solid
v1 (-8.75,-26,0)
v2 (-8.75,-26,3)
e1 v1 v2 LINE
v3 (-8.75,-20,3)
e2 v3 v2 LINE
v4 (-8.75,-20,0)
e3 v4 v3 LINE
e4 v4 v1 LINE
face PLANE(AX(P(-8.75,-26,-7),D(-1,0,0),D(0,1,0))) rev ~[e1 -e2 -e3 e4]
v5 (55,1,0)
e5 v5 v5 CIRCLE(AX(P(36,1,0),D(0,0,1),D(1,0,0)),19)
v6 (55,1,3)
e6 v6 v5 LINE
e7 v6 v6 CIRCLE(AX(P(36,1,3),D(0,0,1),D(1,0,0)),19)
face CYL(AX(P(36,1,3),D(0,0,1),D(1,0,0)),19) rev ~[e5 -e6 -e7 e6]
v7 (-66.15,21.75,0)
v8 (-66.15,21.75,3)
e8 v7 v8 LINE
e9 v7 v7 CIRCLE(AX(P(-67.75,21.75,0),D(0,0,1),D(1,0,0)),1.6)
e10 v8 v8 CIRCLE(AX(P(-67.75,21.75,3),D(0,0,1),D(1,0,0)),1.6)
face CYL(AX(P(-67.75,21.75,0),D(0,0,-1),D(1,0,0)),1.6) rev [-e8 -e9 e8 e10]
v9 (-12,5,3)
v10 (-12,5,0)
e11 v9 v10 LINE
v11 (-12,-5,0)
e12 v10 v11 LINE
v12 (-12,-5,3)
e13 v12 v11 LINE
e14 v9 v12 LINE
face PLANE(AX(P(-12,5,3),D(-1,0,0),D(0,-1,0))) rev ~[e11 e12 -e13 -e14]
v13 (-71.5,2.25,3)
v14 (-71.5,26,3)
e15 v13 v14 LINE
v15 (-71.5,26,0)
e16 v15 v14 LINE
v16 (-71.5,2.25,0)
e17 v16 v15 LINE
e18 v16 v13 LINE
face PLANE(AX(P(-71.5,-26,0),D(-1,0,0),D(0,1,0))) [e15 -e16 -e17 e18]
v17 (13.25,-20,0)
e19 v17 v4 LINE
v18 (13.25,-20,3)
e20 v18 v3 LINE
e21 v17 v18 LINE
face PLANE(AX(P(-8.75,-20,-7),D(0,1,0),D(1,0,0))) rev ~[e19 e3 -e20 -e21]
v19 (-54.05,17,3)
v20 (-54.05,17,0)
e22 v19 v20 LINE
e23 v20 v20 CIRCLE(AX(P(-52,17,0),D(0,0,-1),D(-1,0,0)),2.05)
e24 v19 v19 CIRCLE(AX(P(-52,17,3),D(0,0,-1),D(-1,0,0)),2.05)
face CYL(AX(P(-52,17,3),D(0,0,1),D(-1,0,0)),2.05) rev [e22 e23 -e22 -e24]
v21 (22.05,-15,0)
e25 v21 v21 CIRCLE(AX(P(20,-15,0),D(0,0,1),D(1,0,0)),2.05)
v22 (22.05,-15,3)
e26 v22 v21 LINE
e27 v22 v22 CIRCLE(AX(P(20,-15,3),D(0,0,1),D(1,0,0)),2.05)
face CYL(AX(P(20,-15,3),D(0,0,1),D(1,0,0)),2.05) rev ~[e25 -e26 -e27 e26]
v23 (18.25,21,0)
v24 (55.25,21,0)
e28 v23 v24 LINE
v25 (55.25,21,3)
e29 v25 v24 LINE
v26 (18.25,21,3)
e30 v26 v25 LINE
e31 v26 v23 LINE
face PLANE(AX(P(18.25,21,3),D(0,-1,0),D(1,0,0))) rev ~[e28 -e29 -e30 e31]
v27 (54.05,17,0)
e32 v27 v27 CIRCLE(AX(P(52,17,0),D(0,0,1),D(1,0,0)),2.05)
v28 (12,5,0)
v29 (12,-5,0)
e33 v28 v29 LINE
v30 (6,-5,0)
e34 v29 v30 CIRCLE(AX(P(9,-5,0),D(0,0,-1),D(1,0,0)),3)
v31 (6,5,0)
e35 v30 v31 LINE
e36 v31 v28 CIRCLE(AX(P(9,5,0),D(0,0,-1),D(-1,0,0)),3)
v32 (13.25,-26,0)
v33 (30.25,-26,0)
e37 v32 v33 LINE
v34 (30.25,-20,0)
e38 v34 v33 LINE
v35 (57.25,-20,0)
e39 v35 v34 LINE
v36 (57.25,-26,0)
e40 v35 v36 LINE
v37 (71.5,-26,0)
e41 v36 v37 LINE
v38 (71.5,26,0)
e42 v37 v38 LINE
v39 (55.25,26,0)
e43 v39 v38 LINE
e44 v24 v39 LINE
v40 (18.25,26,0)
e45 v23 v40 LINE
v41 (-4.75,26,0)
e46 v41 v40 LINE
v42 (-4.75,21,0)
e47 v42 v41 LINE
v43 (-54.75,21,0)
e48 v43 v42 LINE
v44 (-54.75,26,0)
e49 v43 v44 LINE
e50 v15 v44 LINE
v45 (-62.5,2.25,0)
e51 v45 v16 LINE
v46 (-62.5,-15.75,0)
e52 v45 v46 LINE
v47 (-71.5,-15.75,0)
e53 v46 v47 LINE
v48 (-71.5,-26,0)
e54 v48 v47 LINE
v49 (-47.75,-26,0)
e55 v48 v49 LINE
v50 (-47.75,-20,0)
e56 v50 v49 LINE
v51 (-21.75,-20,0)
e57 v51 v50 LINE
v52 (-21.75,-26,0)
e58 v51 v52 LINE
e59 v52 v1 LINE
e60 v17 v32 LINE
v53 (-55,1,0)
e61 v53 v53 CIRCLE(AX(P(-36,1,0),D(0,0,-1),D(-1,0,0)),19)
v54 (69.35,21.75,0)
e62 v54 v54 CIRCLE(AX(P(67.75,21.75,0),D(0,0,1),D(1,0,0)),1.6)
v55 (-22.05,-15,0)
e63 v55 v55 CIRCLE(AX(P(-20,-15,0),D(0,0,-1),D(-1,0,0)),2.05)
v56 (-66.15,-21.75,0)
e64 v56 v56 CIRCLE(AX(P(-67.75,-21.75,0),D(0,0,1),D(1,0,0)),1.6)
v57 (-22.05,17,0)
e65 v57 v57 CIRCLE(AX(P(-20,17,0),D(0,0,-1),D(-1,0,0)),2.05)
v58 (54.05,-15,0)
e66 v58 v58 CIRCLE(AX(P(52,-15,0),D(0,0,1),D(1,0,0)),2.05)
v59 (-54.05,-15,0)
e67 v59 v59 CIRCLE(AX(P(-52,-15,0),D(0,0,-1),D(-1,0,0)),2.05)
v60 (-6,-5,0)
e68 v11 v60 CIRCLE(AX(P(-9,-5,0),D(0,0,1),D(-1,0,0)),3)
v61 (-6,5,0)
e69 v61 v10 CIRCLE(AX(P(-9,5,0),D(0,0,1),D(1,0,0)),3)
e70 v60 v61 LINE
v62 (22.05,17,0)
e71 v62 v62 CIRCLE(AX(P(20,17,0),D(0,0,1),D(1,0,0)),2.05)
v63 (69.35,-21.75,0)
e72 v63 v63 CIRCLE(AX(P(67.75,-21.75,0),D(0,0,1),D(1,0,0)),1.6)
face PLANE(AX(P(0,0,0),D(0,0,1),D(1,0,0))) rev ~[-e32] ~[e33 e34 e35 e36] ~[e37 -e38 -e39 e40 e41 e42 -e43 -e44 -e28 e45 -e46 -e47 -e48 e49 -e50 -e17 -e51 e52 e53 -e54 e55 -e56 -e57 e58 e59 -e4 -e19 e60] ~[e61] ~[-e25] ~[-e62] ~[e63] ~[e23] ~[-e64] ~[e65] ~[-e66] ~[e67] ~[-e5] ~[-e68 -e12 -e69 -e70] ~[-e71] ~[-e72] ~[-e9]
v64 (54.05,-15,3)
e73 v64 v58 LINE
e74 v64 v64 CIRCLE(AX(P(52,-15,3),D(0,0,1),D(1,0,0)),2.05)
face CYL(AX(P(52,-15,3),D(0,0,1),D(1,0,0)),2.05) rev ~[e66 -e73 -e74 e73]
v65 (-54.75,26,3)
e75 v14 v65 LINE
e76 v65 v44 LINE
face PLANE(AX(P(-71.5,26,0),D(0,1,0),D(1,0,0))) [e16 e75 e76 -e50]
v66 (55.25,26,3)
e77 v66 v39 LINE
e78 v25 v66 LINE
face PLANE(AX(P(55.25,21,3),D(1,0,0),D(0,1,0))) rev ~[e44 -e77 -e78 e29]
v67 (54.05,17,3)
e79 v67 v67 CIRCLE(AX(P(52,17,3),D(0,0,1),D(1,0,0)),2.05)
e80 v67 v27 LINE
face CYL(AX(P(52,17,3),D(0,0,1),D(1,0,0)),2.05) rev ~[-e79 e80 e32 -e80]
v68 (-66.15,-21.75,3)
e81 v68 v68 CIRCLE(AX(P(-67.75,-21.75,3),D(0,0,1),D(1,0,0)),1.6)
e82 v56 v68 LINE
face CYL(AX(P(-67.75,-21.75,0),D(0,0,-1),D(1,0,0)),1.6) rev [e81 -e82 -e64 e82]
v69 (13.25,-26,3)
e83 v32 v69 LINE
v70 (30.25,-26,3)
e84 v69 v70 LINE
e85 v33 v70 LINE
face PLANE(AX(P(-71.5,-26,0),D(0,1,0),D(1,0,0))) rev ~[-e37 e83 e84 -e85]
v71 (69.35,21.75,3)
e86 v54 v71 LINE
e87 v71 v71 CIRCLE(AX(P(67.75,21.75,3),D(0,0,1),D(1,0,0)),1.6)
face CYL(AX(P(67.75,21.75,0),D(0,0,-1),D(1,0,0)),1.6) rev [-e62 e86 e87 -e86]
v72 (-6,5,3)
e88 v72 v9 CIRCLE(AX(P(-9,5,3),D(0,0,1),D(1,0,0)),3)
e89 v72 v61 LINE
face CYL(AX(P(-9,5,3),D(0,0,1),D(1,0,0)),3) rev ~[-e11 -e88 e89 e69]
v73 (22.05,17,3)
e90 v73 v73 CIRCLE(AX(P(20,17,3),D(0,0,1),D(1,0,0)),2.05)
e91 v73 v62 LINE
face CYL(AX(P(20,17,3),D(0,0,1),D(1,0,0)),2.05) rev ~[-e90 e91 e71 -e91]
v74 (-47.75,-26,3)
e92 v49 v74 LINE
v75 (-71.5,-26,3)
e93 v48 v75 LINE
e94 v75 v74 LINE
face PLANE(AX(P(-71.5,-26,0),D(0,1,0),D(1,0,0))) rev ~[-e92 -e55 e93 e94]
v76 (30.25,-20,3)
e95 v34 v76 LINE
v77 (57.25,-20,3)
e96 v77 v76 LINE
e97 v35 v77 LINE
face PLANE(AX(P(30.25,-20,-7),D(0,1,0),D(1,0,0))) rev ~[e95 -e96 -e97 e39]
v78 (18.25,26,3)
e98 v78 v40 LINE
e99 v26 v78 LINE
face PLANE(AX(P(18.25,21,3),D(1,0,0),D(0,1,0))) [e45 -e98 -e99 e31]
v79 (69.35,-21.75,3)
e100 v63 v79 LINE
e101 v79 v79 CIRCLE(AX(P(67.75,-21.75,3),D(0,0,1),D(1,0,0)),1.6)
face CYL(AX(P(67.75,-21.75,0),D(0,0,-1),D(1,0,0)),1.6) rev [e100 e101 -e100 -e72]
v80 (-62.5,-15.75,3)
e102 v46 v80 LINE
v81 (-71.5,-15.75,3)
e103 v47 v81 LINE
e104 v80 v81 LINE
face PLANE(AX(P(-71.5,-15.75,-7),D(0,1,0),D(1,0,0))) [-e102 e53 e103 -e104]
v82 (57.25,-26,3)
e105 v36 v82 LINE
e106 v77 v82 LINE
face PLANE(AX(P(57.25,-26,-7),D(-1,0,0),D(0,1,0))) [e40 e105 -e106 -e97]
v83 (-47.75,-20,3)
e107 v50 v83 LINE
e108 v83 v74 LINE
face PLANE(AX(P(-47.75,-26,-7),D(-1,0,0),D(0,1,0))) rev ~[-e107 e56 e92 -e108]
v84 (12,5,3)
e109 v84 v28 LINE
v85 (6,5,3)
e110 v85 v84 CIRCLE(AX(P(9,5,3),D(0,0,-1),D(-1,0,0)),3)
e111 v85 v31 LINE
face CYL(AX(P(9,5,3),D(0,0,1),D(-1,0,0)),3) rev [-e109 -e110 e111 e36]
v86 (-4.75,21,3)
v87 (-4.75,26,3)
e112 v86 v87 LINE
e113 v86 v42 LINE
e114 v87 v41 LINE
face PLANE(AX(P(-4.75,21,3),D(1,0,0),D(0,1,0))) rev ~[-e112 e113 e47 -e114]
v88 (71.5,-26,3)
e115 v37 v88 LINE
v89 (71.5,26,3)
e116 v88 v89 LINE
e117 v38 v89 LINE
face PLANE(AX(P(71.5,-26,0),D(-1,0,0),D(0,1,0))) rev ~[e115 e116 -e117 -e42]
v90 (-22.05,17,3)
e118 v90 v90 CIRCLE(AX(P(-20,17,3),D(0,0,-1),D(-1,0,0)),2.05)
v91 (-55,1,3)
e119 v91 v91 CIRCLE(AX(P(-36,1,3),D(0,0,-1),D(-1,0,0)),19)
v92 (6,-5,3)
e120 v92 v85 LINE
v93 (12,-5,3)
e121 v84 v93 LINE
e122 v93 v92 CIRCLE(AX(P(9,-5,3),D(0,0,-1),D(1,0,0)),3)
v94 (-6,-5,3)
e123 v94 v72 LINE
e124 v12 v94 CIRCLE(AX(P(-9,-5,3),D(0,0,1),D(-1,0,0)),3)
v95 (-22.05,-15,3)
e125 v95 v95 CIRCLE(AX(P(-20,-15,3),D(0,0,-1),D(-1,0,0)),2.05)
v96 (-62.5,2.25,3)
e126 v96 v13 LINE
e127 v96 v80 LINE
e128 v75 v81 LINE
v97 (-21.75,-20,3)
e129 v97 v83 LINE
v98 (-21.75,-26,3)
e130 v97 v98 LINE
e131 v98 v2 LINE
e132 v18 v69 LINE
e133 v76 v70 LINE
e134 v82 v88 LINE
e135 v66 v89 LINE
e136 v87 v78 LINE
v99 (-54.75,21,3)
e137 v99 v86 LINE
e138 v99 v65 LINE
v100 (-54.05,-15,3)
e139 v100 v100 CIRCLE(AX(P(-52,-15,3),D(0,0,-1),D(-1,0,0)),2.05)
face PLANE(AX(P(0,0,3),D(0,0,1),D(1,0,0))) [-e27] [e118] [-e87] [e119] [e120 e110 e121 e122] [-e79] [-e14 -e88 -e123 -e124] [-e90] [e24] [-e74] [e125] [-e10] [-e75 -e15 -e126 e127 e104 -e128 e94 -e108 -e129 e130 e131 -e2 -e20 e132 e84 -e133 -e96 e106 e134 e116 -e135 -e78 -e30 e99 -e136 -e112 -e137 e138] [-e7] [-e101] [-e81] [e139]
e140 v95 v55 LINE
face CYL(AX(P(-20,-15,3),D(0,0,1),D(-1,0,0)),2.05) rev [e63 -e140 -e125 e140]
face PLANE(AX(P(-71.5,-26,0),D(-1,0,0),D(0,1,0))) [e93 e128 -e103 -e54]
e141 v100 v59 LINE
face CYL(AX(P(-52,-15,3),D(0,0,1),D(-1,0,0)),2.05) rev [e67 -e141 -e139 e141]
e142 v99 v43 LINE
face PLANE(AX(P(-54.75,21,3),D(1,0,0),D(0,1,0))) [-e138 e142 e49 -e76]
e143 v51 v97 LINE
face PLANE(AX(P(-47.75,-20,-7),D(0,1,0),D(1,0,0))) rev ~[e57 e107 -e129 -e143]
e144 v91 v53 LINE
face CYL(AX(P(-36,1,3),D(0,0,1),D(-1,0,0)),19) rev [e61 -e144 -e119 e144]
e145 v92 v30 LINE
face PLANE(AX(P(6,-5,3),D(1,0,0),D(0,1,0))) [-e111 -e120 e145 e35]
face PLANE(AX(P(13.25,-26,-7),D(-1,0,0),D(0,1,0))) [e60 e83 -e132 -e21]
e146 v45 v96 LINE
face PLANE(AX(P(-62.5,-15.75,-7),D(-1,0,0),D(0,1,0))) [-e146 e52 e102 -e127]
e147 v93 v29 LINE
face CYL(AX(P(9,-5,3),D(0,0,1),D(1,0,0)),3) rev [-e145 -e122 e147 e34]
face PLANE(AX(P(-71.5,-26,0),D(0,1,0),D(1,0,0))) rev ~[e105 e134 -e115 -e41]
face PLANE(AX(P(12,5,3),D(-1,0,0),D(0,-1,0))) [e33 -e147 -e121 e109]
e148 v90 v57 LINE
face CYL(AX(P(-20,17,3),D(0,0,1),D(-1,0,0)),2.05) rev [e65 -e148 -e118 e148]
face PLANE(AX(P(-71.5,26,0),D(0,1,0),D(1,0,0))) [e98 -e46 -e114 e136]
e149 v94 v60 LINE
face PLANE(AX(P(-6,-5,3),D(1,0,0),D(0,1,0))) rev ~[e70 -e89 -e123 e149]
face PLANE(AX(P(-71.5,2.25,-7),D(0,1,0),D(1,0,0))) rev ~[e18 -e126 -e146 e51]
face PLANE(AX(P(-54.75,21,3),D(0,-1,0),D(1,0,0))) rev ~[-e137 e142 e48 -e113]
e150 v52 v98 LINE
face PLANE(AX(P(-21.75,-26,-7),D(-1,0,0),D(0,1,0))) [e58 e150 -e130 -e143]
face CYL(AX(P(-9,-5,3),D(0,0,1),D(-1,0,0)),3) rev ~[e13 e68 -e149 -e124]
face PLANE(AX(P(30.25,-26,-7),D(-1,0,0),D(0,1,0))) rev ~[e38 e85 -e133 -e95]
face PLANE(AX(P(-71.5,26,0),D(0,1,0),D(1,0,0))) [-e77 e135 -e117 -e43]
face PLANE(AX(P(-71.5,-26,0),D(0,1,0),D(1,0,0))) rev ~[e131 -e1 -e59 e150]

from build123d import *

# Parameters (mm, degrees)
SKETCH1_W               = 143
SKETCH1_H               = 52
SKETCH1_R               = 1.6
BOSS_EXTRUDE1_DEPTH     = 3
CUT_EXTRUDE1_DEPTH      = 77.139674284
CUT_EXTRUDE1_DEPTH_BACK = 10
SKETCH2_W               = 26
SKETCH2_H               = 6
SKETCH2_W_2             = 22
SKETCH2_W_3             = 27
SKETCH2_W_4             = 9
SKETCH2_H_2             = 18
SKETCH4_W               = 50
SKETCH4_H               = 5
SKETCH4_W_2             = 37
CUT_EXTRUDE2_DEPTH      = 3
SKETCH5_R               = 2.05
SKETCH5_R_2             = 19
CUT_EXTRUDE3_DEPTH      = 3
CUT_EXTRUDE4_DEPTH      = 3


with BuildPart() as part:
    # Sketch1 → Boss-Extrude1 (new body)
    with BuildSketch(Plane.XY):
        Rectangle(SKETCH1_W, SKETCH1_H)
        with Locations((-67.75, 21.75)):
            Circle(SKETCH1_R, mode=Mode.SUBTRACT)
        with Locations((-67.75, -21.75)):
            Circle(SKETCH1_R, mode=Mode.SUBTRACT)
        with Locations((67.75, 21.75)):
            Circle(SKETCH1_R, mode=Mode.SUBTRACT)
        with Locations((67.75, -21.75)):
            Circle(SKETCH1_R, mode=Mode.SUBTRACT)
    extrude(amount=BOSS_EXTRUDE1_DEPTH)

    # Sketch2 → Cut-Extrude1 (cut, two sides: drawn at the far end of the back side and taken through both)
    with BuildSketch(Plane.XY.offset(3).offset(-CUT_EXTRUDE1_DEPTH_BACK)):
        with Locations((-34.75, -23)):
            Rectangle(SKETCH2_W, SKETCH2_H)
        with Locations((2.25, -23)):
            Rectangle(SKETCH2_W_2, SKETCH2_H)
        with Locations((43.75, -23)):
            Rectangle(SKETCH2_W_3, SKETCH2_H)
        with Locations((-67, -6.75)):
            Rectangle(SKETCH2_W_4, SKETCH2_H_2)
    extrude(amount=CUT_EXTRUDE1_DEPTH + CUT_EXTRUDE1_DEPTH_BACK, mode=Mode.SUBTRACT)

    # Sketch4 → Cut-Extrude2 (cut)
    with BuildSketch(Plane.XY.offset(3)):
        with Locations((-29.75, 23.5)):
            Rectangle(SKETCH4_W, SKETCH4_H)
        with Locations((36.75, 23.5)):
            Rectangle(SKETCH4_W_2, SKETCH4_H)
    extrude(amount=-CUT_EXTRUDE2_DEPTH, mode=Mode.SUBTRACT)

    # Sketch5 → Cut-Extrude3 (cut)
    with BuildSketch(Plane.XY.offset(3)):
        with Locations((52, -15)):
            Circle(SKETCH5_R)
        with Locations((20, -15)):
            Circle(SKETCH5_R)
        with Locations((20, 17)):
            Circle(SKETCH5_R)
        with Locations((52, 17)):
            Circle(SKETCH5_R)
        with Locations((36, 1)):
            Circle(SKETCH5_R_2)
    cut_extrude3 = extrude(amount=-CUT_EXTRUDE3_DEPTH, mode=Mode.SUBTRACT)

    # Mirror1: Cut-Extrude3 across plane
    add(cut_extrude3.mirror(Plane(origin=(0, 0, 0), x_dir=(0, 0, 1), z_dir=(1, 0, 0))), mode=Mode.SUBTRACT)

    # Sketch6 → Cut-Extrude4 (cut)
    with BuildSketch(Plane.XY.offset(3)):
        with BuildLine():
            Line((6, -5), (6, 5))
            ThreePointArc((6, 5), (9, 8), (12, 5))
            Line((12, 5), (12, -5))
            ThreePointArc((12, -5), (9, -8), (6, -5))
        make_face()
        with BuildLine():
            Line((-6, -5), (-6, 5))
            ThreePointArc((-6, 5), (-9, 8), (-12, 5))
            Line((-12, 5), (-12, -5))
            ThreePointArc((-12, -5), (-9, -8), (-6, -5))
        make_face()
    extrude(amount=-CUT_EXTRUDE4_DEPTH, mode=Mode.SUBTRACT)


solid = part.part
